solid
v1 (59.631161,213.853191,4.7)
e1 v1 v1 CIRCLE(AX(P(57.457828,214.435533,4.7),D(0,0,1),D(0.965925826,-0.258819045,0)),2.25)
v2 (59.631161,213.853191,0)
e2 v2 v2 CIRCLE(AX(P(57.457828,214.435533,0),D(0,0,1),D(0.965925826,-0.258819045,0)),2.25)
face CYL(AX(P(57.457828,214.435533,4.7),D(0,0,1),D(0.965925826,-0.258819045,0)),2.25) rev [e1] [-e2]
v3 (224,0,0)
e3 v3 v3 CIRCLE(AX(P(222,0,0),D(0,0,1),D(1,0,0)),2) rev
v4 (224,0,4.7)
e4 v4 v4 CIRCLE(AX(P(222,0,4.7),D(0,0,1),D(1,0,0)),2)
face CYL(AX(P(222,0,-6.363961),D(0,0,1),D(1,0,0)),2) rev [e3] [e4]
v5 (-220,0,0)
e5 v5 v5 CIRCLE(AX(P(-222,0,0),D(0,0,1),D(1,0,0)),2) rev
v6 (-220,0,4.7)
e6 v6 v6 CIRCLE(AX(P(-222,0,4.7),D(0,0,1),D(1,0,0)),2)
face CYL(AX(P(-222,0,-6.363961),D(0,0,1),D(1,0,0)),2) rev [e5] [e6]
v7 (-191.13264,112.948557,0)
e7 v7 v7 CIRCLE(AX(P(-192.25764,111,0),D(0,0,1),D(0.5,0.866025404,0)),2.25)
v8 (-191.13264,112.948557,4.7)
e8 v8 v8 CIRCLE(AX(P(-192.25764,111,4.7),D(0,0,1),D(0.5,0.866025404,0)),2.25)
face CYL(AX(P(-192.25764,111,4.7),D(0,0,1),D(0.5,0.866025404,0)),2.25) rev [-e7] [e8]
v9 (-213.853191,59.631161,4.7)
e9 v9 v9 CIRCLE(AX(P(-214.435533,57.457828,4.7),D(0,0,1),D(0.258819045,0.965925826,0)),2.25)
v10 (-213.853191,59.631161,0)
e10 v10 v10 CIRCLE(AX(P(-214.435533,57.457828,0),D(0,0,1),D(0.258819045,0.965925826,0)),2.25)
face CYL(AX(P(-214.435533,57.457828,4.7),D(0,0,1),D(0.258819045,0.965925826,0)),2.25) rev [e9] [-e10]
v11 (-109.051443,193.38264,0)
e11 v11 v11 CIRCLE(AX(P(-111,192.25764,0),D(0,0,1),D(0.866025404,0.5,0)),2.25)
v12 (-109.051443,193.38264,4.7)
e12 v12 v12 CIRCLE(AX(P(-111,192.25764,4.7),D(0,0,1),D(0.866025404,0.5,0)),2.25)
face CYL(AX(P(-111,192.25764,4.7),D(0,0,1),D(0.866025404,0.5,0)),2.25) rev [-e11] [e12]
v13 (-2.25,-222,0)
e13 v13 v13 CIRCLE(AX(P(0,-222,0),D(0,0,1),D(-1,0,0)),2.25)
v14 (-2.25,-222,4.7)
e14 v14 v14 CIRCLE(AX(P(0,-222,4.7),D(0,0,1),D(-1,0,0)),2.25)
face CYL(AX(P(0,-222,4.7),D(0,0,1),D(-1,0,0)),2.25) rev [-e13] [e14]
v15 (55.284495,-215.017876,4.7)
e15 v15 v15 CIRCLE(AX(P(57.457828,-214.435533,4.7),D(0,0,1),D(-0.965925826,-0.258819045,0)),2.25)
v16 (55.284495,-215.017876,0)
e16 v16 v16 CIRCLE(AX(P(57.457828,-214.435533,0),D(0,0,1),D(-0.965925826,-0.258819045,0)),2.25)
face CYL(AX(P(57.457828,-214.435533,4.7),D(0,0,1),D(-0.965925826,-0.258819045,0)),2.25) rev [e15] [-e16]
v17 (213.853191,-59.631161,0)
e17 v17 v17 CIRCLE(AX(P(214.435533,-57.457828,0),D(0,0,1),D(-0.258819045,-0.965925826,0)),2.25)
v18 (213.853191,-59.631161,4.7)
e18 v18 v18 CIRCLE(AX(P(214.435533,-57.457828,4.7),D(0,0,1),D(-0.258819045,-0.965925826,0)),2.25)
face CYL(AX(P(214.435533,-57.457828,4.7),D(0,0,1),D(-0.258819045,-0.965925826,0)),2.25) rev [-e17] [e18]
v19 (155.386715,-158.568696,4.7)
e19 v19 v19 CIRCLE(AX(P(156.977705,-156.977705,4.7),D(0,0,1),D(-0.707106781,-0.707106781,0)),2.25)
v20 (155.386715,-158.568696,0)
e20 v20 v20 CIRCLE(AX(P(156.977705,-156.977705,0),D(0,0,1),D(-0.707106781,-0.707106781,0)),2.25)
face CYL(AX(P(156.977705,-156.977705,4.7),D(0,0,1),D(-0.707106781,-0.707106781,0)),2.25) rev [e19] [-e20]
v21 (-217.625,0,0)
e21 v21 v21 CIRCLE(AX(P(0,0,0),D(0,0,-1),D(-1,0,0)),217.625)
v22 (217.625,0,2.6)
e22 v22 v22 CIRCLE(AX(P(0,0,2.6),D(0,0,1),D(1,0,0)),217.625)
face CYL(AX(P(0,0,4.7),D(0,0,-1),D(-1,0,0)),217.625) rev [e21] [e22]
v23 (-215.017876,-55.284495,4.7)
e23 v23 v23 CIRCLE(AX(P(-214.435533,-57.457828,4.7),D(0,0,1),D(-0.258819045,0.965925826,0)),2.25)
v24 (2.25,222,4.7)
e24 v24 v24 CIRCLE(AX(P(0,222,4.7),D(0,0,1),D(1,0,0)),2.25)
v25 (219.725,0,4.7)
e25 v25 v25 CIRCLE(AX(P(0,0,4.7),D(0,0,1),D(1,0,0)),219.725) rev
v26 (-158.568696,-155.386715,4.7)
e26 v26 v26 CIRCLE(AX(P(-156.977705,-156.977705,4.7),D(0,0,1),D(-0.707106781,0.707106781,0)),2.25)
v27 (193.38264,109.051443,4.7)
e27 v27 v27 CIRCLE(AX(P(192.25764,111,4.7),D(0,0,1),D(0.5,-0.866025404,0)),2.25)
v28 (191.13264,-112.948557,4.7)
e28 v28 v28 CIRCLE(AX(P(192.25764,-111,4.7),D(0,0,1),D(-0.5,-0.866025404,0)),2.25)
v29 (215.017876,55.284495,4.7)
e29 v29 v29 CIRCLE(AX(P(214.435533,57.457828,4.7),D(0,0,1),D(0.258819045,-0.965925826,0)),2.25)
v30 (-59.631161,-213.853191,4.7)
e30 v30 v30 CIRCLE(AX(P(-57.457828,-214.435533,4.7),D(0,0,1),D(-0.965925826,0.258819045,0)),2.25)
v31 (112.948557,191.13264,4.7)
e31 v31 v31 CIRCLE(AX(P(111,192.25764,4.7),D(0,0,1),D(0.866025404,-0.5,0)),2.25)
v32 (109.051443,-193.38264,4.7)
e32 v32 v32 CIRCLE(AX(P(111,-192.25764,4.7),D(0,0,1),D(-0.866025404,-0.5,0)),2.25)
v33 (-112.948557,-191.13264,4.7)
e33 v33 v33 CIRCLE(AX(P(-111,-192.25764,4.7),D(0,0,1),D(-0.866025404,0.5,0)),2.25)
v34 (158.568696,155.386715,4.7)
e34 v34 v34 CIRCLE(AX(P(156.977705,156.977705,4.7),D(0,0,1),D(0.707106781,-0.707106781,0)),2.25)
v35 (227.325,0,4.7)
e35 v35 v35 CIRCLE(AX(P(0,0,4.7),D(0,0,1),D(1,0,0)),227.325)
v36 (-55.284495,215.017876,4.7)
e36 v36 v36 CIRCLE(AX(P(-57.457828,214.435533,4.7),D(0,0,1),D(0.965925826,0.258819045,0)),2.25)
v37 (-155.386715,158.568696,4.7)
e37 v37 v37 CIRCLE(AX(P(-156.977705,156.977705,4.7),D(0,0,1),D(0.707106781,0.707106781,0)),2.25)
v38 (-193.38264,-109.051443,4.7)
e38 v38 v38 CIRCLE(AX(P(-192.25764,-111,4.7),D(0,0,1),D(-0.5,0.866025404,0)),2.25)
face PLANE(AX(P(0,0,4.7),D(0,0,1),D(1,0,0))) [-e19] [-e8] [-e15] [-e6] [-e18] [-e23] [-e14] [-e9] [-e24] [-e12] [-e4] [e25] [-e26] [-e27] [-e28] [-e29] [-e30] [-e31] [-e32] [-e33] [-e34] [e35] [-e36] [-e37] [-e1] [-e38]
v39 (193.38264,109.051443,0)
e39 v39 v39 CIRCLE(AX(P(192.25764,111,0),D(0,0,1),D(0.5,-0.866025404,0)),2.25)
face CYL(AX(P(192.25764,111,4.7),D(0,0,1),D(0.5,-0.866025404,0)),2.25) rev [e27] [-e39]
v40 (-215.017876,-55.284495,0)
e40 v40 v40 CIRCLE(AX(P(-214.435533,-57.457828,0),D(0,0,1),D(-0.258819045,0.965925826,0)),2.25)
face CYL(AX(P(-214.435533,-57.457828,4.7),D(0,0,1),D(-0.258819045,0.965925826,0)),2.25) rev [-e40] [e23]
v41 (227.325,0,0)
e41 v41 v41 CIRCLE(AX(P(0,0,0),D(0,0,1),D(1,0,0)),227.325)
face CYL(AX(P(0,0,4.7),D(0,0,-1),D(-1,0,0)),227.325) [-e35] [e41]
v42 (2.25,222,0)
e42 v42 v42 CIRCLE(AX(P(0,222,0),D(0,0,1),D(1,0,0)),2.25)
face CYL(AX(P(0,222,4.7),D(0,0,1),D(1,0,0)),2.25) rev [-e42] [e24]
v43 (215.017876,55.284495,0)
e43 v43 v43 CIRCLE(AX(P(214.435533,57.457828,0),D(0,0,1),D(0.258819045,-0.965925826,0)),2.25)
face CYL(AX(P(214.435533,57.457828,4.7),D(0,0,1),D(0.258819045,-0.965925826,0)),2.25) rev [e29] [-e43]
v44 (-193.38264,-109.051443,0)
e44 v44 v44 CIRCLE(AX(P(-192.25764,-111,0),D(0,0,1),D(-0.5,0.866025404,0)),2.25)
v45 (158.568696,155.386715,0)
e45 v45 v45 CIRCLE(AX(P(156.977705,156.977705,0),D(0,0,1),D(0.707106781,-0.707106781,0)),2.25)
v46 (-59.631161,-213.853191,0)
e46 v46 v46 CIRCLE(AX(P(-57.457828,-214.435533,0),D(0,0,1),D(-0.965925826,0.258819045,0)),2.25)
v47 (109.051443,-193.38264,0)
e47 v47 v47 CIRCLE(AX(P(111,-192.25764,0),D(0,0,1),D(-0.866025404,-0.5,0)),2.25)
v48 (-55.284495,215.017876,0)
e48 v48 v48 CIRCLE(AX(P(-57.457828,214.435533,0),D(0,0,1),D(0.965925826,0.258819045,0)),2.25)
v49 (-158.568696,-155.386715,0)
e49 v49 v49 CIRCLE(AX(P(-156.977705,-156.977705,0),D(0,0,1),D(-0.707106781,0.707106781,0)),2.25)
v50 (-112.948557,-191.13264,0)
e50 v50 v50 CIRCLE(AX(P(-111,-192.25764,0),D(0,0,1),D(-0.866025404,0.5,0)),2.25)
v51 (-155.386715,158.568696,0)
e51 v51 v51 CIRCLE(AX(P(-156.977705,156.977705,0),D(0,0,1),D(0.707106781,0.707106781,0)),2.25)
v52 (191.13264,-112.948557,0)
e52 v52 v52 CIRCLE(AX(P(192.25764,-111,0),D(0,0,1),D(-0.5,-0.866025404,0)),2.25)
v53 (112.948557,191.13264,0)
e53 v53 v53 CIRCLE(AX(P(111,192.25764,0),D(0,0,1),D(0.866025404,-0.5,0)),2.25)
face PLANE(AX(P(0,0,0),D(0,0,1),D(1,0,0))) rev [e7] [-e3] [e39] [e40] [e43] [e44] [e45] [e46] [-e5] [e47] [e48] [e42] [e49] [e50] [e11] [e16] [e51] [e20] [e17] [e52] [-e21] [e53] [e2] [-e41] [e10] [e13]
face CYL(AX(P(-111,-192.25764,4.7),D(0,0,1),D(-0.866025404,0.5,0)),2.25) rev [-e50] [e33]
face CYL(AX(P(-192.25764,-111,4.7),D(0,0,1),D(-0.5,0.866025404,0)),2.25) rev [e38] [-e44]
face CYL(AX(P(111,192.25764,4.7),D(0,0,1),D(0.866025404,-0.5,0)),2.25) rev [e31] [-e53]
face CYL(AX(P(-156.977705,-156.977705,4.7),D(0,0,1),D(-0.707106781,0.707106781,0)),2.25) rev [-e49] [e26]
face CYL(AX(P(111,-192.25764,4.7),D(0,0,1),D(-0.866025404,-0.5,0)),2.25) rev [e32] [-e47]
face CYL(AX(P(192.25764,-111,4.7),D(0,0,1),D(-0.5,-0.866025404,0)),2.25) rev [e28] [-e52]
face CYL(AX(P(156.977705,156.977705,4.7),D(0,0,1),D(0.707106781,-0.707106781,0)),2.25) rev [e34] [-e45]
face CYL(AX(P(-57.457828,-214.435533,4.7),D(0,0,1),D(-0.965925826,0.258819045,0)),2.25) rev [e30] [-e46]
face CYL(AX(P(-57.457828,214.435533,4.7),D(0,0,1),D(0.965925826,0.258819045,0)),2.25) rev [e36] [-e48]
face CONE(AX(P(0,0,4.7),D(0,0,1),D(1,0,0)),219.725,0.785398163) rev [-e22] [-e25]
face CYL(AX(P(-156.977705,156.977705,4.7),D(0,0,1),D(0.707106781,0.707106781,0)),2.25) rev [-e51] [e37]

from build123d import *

# Parameters (mm, degrees)
SKETCH1_R            = 227.325
SKETCH1_R_2          = 203.325
EXTRUDE1_DEPTH       = 4.7
SKETCH2_R            = 217.625
EXTRUDE2_DEPTH       = 322.520452304
M4_CLEARANCE_HOLE1_D = 4.5
CIRPATTERN1_COUNT    = 24
SKETCH11_R           = 2.25
SKETCH11_R_2         = 2
BOSS_EXTRUDE2_DEPTH  = 4.7
CHAMFER1_SIZE        = 2.1


with BuildPart() as part:
    # Sketch1 → Extrude1 (new body)
    with BuildSketch(Plane.XY):
        Circle(SKETCH1_R)
        Circle(SKETCH1_R_2, mode=Mode.SUBTRACT)
    extrude(amount=EXTRUDE1_DEPTH)

    # Sketch2 → Extrude2 (cut, through all)
    with BuildSketch(Plane(origin=(0, 0, 0), x_dir=(-1, 0, 0), z_dir=(0, 0, -1))):
        Circle(SKETCH2_R)
    extrude(amount=-EXTRUDE2_DEPTH, mode=Mode.SUBTRACT)

    # M4 Clearance Hole1 (through all)
    with Locations(Plane.XY.offset(4.7)):
        with Locations((0, 222)):
            m4_clearance_hole1 = Hole(M4_CLEARANCE_HOLE1_D / 2)

    # CirPattern1: M4 Clearance Hole1 ×24 about axis
    cirpattern1_axis = Axis((0, 0, 0), (0, 0, 1))
    for i in range(1, CIRPATTERN1_COUNT):
        add(m4_clearance_hole1.rotate(cirpattern1_axis, i * 360 / CIRPATTERN1_COUNT), mode=Mode.SUBTRACT)

    # Sketch11 → Boss-Extrude2 (add)
    with BuildSketch(Plane.XY.offset(4.7)):
        with Locations((222, 0)):
            Circle(SKETCH11_R)
        with Locations((222, 0)):
            Circle(SKETCH11_R_2, mode=Mode.SUBTRACT)
        with Locations((-222, 0)):
            Circle(SKETCH11_R)
        with Locations((-222, 0)):
            Circle(SKETCH11_R_2, mode=Mode.SUBTRACT)
    extrude(amount=-BOSS_EXTRUDE2_DEPTH)

    # Chamfer1
    chamfer1_edges = [part.edges().sort_by_distance(p)[0] for p in [
        (217.625, 0, 4.7),
    ]]
    chamfer(chamfer1_edges, length=CHAMFER1_SIZE)


solid = part.part
